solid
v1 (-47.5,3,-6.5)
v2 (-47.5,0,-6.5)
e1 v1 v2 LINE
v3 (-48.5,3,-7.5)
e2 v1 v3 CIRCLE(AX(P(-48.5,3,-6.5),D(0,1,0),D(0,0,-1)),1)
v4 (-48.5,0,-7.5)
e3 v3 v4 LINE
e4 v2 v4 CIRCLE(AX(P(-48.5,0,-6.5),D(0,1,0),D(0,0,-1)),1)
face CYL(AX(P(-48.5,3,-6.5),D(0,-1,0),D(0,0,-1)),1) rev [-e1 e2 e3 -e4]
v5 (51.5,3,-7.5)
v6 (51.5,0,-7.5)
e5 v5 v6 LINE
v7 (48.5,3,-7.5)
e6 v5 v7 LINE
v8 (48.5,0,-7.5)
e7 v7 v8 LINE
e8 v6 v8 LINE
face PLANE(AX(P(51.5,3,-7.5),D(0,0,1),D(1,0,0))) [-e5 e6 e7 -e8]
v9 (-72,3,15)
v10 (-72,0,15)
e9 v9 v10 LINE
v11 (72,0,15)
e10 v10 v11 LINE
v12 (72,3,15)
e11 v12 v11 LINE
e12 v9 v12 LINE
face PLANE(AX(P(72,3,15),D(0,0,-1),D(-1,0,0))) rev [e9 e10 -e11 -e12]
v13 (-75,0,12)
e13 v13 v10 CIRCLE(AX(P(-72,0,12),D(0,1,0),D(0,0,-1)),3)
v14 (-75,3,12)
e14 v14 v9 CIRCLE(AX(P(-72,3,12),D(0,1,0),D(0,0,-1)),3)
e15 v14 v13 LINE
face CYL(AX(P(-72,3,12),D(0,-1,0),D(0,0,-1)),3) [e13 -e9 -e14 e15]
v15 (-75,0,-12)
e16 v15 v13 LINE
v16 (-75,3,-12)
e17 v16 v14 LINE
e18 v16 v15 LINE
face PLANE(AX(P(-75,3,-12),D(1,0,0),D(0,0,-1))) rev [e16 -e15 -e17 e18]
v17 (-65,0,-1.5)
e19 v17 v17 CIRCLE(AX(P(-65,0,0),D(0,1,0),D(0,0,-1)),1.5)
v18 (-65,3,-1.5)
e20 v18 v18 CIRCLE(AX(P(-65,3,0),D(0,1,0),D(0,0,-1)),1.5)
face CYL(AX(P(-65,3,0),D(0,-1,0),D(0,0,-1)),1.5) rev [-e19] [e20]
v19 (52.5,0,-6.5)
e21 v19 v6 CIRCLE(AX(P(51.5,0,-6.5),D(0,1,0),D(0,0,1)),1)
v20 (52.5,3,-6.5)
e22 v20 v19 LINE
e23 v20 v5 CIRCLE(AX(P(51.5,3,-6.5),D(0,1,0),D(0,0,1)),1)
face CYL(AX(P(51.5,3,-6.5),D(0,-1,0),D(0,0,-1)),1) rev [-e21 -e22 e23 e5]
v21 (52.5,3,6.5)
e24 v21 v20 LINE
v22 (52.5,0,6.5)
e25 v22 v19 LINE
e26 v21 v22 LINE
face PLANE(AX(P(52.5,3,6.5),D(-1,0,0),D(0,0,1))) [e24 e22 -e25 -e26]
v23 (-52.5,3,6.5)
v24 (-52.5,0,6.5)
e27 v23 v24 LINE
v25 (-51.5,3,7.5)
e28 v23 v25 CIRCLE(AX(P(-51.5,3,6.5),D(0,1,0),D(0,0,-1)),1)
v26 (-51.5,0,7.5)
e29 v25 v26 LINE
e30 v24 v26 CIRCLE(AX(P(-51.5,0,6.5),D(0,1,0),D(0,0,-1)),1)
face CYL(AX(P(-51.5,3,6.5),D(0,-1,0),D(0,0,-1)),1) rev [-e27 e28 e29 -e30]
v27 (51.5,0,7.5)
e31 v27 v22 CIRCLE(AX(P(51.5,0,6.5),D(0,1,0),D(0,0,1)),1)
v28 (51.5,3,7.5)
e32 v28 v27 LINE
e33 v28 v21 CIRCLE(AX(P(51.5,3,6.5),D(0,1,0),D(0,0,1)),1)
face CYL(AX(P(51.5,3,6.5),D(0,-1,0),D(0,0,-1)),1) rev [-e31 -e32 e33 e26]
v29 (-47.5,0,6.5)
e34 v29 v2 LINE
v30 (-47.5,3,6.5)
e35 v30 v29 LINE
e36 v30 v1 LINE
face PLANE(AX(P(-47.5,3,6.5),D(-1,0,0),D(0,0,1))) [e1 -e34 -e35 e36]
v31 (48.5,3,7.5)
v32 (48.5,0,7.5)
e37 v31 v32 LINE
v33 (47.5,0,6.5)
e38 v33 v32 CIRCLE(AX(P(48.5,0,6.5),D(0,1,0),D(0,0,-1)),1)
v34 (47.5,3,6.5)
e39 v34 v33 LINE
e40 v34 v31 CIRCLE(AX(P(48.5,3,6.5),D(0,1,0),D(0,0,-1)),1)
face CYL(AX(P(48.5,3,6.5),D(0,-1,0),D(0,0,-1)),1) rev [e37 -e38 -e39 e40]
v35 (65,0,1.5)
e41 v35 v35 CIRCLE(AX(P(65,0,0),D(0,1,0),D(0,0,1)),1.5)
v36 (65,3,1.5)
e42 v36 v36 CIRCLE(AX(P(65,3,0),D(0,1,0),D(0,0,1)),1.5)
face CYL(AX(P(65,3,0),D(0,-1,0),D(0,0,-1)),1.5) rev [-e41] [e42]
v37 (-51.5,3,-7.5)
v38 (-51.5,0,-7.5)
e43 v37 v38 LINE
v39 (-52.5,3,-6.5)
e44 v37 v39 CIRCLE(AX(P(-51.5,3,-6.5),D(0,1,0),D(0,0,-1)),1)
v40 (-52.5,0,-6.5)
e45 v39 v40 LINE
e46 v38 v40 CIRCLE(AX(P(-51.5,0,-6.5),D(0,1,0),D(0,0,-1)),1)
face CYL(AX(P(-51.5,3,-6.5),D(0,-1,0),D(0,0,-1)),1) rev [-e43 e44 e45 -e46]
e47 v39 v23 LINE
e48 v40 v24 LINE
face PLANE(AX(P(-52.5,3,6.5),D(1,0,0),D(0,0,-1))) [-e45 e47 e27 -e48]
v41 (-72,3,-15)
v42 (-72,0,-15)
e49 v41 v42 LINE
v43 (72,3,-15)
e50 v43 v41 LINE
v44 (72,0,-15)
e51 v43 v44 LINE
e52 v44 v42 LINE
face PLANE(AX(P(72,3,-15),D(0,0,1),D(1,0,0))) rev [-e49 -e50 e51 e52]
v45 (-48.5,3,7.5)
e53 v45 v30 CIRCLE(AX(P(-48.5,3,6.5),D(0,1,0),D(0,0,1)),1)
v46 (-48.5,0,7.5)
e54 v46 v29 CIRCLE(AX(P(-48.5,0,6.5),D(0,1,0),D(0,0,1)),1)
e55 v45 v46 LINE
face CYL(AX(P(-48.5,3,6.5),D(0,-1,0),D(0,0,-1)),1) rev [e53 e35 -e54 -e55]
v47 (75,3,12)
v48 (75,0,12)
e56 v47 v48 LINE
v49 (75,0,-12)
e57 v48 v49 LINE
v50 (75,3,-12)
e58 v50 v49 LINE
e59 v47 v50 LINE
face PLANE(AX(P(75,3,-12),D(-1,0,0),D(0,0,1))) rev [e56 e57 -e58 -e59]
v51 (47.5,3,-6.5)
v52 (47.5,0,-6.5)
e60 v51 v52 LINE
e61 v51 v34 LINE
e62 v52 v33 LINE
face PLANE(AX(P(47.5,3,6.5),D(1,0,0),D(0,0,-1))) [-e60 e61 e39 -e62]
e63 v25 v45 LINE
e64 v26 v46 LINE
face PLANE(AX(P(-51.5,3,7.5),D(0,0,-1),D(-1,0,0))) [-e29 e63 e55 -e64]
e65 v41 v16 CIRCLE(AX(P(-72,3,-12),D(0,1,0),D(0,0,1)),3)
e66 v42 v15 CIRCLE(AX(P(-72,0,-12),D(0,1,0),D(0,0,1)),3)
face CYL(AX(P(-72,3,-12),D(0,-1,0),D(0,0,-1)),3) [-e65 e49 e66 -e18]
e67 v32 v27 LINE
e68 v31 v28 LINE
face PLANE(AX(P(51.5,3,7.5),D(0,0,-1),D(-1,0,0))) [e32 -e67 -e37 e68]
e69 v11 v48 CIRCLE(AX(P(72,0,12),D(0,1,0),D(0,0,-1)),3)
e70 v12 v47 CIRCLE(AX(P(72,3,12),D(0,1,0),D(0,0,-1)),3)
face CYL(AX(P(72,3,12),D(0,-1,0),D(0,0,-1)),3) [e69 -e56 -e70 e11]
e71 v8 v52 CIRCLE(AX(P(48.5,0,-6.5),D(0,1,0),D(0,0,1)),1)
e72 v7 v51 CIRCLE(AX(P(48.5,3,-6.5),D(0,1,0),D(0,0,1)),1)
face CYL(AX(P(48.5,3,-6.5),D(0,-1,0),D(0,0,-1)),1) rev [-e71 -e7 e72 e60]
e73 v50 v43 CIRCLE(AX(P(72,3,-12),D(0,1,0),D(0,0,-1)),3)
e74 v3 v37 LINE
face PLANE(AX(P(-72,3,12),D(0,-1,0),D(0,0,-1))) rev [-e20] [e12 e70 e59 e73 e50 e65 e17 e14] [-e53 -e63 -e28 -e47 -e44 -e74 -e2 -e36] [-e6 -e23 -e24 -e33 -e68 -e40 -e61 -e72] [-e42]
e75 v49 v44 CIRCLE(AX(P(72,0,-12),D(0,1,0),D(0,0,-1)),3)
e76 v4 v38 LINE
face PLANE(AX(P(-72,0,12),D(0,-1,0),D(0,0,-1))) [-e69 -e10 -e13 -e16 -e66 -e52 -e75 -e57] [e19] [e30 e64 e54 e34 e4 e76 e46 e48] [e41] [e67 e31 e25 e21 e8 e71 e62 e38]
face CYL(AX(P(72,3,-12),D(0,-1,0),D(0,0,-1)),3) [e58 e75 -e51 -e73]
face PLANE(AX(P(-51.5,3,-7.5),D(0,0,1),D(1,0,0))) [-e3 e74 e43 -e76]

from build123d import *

# Parameters (mm, degrees)
SKETCH1_R           = 1.5
BOSS_EXTRUDE1_DEPTH = 3


with BuildPart() as part:
    # Sketch1 → Boss-Extrude1 (new body)
    with BuildSketch(Plane(origin=(0, 0, 0), x_dir=(1, 0, 0), z_dir=(0, 1, 0))):
        with BuildLine():
            Line((72, 15), (-72, 15))
            ThreePointArc((-72, 15), (-74.121320344, 14.121320344), (-75, 12))
            Line((-75, 12), (-75, -12))
            ThreePointArc((-75, -12), (-74.121320344, -14.121320344), (-72, -15))
            Line((-72, -15), (72, -15))
            ThreePointArc((72, -15), (74.121320344, -14.121320344), (75, -12))
            Line((75, -12), (75, 12))
            ThreePointArc((75, 12), (74.121320344, 14.121320344), (72, 15))
        make_face()
        with Locations((65, 0)):
            Circle(SKETCH1_R, mode=Mode.SUBTRACT)
        with Locations((-65, 0)):
            Circle(SKETCH1_R, mode=Mode.SUBTRACT)
        with BuildLine():
            Line((51.5, -7.5), (48.5, -7.5))
            ThreePointArc((48.5, -7.5), (47.792893219, -7.207106781), (47.5, -6.5))
            Line((47.5, -6.5), (47.5, 6.5))
            ThreePointArc((47.5, 6.5), (47.792893219, 7.207106781), (48.5, 7.5))
            Line((48.5, 7.5), (51.5, 7.5))
            ThreePointArc((51.5, 7.5), (52.207106781, 7.207106781), (52.5, 6.5))
            Line((52.5, 6.5), (52.5, -6.5))
            ThreePointArc((52.5, -6.5), (52.207106781, -7.207106781), (51.5, -7.5))
        make_face(mode=Mode.SUBTRACT)
        with BuildLine():
            Line((-47.5, -6.5), (-47.5, 6.5))
            ThreePointArc((-47.5, 6.5), (-47.792893219, 7.207106781), (-48.5, 7.5))
            Line((-48.5, 7.5), (-51.5, 7.5))
            ThreePointArc((-51.5, 7.5), (-52.207106781, 7.207106781), (-52.5, 6.5))
            Line((-52.5, 6.5), (-52.5, -6.5))
            ThreePointArc((-52.5, -6.5), (-52.207106781, -7.207106781), (-51.5, -7.5))
            Line((-51.5, -7.5), (-48.5, -7.5))
            ThreePointArc((-48.5, -7.5), (-47.792893219, -7.207106781), (-47.5, -6.5))
        make_face(mode=Mode.SUBTRACT)
    extrude(amount=BOSS_EXTRUDE1_DEPTH)


solid = part.part
